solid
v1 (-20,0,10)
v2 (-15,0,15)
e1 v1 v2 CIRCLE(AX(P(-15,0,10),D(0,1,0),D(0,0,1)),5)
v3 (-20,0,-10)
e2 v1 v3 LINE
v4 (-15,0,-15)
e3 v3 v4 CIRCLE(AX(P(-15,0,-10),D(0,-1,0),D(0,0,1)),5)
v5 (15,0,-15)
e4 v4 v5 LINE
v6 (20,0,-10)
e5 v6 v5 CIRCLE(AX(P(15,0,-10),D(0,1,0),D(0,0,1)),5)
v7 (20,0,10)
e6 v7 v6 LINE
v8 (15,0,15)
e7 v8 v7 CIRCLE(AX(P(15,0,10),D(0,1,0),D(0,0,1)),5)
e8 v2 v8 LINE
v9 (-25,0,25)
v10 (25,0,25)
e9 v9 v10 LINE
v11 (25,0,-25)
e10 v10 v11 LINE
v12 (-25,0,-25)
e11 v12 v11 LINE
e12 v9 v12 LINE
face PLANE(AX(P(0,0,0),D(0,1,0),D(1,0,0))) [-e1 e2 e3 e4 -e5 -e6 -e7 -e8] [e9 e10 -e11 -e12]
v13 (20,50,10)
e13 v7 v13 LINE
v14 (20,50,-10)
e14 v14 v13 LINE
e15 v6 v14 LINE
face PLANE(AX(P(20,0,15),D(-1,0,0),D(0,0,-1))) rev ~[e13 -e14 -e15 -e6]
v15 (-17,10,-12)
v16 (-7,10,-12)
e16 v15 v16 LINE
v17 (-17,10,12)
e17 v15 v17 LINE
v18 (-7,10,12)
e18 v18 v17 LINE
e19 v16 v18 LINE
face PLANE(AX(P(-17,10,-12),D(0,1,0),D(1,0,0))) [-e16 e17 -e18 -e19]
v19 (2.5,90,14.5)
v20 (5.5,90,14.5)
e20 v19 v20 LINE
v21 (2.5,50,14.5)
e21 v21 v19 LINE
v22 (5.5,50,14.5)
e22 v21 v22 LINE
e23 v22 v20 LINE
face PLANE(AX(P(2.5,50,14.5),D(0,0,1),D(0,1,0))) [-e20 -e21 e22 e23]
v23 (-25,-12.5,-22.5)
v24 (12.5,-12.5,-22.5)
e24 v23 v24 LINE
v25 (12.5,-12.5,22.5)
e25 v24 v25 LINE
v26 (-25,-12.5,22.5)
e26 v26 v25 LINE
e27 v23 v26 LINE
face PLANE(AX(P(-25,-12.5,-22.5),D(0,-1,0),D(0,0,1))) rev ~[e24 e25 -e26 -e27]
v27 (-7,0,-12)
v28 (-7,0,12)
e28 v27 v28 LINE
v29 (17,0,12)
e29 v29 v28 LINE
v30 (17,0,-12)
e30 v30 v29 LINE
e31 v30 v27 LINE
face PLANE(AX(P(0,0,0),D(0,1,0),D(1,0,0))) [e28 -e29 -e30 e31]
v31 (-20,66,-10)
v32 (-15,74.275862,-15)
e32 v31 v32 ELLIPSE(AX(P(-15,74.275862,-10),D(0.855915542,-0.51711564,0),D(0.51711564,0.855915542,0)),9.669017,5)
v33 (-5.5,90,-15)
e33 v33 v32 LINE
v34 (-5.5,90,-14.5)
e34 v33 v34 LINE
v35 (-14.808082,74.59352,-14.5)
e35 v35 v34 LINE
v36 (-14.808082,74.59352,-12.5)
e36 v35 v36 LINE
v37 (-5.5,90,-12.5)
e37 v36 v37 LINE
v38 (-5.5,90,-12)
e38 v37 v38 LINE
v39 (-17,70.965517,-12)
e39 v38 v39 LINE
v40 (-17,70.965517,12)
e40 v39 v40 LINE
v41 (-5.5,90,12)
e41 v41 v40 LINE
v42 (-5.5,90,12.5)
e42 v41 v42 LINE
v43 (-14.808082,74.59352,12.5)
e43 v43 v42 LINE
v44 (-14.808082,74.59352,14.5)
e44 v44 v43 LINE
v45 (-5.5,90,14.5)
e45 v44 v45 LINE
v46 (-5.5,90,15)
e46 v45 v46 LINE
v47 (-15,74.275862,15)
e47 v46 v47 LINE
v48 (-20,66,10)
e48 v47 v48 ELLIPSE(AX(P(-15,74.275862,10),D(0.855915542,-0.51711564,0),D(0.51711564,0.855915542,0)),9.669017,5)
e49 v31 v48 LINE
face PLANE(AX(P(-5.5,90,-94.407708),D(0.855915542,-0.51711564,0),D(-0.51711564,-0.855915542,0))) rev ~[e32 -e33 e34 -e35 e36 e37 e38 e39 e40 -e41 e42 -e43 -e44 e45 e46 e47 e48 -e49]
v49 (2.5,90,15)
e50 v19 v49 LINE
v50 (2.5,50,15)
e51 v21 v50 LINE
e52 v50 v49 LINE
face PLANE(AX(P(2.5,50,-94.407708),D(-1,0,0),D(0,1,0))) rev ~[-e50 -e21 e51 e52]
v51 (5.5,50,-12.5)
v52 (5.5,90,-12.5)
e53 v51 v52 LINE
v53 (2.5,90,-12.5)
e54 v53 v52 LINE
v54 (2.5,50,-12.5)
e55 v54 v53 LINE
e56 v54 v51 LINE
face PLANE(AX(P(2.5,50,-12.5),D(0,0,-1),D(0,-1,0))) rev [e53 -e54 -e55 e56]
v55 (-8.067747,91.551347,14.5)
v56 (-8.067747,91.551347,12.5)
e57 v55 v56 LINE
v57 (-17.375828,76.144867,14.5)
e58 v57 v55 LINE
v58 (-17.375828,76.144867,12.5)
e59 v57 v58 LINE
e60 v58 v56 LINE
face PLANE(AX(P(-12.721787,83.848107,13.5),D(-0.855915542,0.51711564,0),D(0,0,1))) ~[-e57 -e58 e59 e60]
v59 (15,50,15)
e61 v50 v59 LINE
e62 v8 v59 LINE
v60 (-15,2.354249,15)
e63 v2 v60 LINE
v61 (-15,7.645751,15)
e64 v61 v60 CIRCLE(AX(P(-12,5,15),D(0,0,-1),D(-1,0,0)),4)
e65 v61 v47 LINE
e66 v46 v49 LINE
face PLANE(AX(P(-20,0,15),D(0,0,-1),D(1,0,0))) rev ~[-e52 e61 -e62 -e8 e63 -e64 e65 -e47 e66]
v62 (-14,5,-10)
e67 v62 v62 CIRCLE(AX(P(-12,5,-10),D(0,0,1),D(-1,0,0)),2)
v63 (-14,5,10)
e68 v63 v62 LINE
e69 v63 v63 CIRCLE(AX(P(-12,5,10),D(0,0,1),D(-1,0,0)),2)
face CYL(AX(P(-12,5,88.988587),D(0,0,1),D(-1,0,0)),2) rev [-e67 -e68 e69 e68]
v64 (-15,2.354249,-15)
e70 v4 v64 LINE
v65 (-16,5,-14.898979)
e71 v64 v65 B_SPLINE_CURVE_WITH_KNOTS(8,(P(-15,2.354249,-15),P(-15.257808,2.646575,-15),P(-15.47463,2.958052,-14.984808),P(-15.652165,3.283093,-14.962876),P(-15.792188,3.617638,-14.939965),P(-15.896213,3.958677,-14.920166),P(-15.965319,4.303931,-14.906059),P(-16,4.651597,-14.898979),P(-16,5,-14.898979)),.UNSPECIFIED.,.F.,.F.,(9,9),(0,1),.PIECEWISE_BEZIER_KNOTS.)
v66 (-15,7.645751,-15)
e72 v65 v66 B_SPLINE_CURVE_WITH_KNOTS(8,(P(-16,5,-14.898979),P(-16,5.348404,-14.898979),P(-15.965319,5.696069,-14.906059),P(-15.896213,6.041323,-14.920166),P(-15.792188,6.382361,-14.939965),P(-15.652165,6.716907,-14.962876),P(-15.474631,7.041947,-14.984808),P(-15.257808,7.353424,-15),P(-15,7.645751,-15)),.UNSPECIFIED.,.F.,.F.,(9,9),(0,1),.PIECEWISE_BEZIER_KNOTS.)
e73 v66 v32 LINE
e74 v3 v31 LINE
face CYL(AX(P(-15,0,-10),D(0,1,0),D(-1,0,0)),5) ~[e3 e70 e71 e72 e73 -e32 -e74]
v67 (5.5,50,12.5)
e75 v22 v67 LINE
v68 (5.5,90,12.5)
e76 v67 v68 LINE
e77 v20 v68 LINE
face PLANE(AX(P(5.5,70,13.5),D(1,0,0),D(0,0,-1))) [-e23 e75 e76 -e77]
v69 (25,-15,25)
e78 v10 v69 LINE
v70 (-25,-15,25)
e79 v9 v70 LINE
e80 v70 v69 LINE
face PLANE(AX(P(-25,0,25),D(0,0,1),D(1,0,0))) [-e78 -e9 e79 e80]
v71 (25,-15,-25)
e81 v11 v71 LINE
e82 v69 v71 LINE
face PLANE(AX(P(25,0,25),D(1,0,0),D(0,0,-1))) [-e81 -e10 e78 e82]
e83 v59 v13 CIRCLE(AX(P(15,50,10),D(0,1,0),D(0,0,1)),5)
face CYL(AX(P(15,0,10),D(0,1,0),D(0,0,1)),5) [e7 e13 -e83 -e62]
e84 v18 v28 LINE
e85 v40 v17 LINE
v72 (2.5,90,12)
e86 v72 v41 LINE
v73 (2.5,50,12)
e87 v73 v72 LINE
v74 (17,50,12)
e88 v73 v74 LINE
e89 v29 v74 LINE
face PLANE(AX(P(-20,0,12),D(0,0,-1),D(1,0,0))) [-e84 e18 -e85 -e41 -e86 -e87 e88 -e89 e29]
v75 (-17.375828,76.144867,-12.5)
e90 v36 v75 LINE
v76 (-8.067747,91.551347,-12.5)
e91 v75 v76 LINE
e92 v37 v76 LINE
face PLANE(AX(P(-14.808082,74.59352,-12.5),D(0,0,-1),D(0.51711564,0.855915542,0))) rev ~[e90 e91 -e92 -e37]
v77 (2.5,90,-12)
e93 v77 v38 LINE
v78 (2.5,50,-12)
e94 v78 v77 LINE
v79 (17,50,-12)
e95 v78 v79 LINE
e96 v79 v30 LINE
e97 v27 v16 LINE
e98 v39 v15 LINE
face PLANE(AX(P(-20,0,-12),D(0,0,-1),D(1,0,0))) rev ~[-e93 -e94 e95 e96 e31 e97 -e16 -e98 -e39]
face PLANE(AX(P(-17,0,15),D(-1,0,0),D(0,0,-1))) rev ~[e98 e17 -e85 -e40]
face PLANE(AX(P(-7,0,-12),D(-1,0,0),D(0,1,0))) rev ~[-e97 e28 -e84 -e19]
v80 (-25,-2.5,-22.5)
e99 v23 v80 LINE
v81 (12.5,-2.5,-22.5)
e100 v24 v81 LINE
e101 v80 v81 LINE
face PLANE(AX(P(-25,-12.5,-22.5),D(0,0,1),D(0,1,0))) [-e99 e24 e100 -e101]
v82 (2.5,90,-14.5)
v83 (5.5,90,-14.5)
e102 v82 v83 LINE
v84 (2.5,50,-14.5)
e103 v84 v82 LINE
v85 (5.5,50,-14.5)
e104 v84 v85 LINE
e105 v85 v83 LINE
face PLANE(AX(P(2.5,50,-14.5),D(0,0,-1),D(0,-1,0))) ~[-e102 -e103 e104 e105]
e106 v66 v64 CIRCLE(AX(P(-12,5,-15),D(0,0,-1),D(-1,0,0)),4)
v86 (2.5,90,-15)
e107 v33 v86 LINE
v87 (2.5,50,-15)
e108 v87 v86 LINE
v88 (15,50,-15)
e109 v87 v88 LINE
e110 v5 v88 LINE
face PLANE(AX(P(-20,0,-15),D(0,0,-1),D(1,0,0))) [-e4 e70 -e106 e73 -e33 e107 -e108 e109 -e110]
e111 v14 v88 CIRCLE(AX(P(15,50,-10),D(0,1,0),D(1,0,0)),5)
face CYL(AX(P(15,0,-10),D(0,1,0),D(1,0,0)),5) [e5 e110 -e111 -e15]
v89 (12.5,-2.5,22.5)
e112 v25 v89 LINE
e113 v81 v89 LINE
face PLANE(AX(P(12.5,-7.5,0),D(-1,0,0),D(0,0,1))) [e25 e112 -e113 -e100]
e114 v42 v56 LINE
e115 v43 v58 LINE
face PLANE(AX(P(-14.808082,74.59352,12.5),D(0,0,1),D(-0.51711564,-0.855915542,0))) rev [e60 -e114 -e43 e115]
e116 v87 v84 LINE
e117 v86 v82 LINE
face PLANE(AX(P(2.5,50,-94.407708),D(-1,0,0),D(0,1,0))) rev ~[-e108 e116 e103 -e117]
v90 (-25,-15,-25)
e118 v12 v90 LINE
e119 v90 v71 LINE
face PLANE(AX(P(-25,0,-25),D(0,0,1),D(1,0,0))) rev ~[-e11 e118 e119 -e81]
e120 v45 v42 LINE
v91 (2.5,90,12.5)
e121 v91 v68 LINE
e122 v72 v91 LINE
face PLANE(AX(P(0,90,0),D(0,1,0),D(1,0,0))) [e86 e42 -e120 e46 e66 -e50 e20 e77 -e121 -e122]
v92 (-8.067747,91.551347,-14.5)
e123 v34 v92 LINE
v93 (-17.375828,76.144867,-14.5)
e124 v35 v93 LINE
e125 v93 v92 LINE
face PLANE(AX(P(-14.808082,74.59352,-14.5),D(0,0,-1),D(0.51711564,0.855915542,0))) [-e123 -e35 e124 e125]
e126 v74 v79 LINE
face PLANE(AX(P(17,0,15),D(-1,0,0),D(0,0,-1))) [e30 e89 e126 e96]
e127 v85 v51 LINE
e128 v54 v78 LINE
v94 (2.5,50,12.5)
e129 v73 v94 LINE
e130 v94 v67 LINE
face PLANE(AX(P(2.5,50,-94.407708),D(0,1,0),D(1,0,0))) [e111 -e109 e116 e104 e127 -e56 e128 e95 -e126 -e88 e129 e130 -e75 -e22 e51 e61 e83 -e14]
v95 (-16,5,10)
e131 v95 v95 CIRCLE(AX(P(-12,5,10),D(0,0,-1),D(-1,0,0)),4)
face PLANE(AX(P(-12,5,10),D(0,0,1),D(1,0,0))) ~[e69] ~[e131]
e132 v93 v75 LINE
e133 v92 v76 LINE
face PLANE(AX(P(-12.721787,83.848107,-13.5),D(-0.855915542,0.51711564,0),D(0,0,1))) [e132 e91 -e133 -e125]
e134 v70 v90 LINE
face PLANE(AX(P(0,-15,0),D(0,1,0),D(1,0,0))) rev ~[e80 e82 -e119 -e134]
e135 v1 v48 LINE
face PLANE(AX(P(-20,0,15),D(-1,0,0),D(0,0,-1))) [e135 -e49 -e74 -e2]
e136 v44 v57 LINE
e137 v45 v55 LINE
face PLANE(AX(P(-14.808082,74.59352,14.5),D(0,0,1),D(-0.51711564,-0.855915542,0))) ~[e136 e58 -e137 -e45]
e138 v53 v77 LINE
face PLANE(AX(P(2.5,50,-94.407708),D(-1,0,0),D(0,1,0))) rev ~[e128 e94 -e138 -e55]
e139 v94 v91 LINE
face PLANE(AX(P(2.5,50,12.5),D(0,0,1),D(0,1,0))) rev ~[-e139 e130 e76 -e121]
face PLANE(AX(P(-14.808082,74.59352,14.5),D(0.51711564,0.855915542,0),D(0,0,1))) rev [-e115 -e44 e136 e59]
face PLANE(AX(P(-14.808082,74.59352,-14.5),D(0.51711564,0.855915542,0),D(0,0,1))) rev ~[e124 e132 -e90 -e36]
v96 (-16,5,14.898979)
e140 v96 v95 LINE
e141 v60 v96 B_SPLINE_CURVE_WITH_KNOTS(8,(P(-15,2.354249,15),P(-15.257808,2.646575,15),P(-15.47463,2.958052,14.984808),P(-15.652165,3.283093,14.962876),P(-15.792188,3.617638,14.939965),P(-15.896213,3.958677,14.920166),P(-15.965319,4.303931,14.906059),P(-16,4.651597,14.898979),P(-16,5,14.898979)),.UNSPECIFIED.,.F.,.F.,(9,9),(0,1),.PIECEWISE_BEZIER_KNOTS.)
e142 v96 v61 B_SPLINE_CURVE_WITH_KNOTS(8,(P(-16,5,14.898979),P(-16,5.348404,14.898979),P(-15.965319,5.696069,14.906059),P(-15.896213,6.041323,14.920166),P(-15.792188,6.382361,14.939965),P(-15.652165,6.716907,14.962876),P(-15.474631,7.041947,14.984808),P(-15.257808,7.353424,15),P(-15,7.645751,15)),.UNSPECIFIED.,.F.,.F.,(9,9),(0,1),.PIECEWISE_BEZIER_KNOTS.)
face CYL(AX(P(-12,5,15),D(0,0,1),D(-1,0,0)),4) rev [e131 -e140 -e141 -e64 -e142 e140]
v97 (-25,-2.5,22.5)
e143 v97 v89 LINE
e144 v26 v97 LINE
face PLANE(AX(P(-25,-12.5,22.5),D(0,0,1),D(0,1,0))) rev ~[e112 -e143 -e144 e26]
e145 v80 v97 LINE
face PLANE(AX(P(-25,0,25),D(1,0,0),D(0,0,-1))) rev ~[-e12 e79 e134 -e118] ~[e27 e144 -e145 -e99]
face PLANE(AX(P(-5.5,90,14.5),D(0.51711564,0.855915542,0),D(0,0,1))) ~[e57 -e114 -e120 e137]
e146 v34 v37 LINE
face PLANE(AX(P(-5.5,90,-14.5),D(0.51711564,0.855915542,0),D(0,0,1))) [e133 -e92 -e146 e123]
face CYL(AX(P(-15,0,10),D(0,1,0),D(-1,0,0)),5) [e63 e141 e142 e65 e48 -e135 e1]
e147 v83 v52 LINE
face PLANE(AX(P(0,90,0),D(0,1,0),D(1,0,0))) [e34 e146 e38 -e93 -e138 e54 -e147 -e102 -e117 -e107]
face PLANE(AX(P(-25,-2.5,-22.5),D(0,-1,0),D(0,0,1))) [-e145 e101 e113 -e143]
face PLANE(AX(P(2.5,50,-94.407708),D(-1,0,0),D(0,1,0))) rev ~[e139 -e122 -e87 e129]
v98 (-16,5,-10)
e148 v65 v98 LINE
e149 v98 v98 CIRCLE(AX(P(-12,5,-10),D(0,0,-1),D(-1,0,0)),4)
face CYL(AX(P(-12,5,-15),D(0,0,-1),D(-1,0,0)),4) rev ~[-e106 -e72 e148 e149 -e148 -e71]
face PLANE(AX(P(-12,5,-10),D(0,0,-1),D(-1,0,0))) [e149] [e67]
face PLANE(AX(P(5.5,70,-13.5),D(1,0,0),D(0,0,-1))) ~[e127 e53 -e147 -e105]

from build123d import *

# Parameters (mm, degrees)
SKETCH1_W               = 40
SKETCH1_H               = 30
BOSS_EXTRUDE1_DEPTH     = 90
SHELL1_T                = -3
FILLET1_R               = 5
CUT_EXTRUDE1_DEPTH      = 94.407708461
CUT_EXTRUDE1_DEPTH_BACK = 94.407708461
CUT_EXTRUDE2_DEPTH      = 94.407708461
CUT_EXTRUDE2_DEPTH_BACK = 94.407708461
SKETCH3_W               = 17.5
SKETCH3_H               = 40
SKETCH5_W               = 2
SKETCH5_H               = 40
BOSS_EXTRUDE2_DEPTH     = 3
SKETCH6_W               = 2
SKETCH6_H               = 18
BOSS_EXTRUDE3_DEPTH     = 3
SKETCH8_W               = 50
SKETCH8_H               = 50
BOSS_EXTRUDE4_DEPTH     = 15
SKETCH10_W              = 45
SKETCH10_H              = 10
CUT_EXTRUDE4_DEPTH      = 37.5
BOSS_EXTRUDE5_REACH     = 103.861
SKETCH15_W              = 10
SKETCH15_H              = 10
CUT_EXTRUDE8_DEPTH      = 103.988587343
CUT_EXTRUDE8_DEPTH_BACK = 103.988587343
SKETCH20_R              = 2
SKETCH21_R              = 4
CUT_EXTRUDE9_DEPTH      = 5


with BuildPart() as part:
    # Sketch1 → Boss-Extrude1 (new body)
    with BuildSketch(Plane(origin=(0, 0, 0), x_dir=(1, 0, 0), z_dir=(0, 1, 0))):
        Rectangle(SKETCH1_W, SKETCH1_H)
    extrude(amount=BOSS_EXTRUDE1_DEPTH)

    # Shell1
    shell1_openings = [part.faces().sort_by_distance(p)[0] for p in [
        (0, 90, 0),
        (0, 0, 0),
    ]]
    offset(amount=SHELL1_T, openings=shell1_openings, kind=Kind.INTERSECTION)

    # Fillet1
    fillet1_edges = [part.edges().sort_by_distance(p)[0] for p in [
        (20, 45, 15),
        (-20, 45, 15),
        (-20, 45, -15),
        (20, 45, -15),
    ]]
    fillet(fillet1_edges, radius=FILLET1_R)

    # Sketch2 → Cut-Extrude1 (cut, two sides: drawn at the far end of the back side and taken through both)
    with BuildSketch(Plane.XY.offset(-CUT_EXTRUDE1_DEPTH_BACK)):
        Polygon((-5.5, 90), (-20, 66), (-20, 90), align=None)
    extrude(amount=CUT_EXTRUDE1_DEPTH + CUT_EXTRUDE1_DEPTH_BACK, mode=Mode.SUBTRACT)

    # Sketch3 → Cut-Extrude2 (cut, two sides: drawn at the far end of the back side and taken through both)
    with BuildSketch(Plane.XY.offset(-CUT_EXTRUDE2_DEPTH_BACK)):
        with Locations((11.25, 70)):
            Rectangle(SKETCH3_W, SKETCH3_H)
    extrude(amount=CUT_EXTRUDE2_DEPTH + CUT_EXTRUDE2_DEPTH_BACK, mode=Mode.SUBTRACT)

    # Sketch5 → Boss-Extrude2 (add)
    with BuildSketch(Plane(origin=(2.5, 0, 0), x_dir=(0, 0, -1), z_dir=(1, 0, 0))):
        with Locations((-13.5, 70)):
            Rectangle(SKETCH5_W, SKETCH5_H)
    boss_extrude2 = extrude(amount=BOSS_EXTRUDE2_DEPTH)

    # Mirror1: Boss-Extrude2 across plane
    add(boss_extrude2.mirror(Plane.XY))

    # Sketch6 → Boss-Extrude3 (add)
    with BuildSketch(Plane(origin=(-43.86391097, 26.501112878, 0), x_dir=(0, 0, 1), z_dir=(-0.8559155419457907, 0.5171156399255815, 0))):
        with Locations((-13.5, 65.188262756)):
            Rectangle(SKETCH6_W, SKETCH6_H)
    boss_extrude3 = extrude(amount=BOSS_EXTRUDE3_DEPTH)

    # Mirror2: Boss-Extrude3 across plane
    add(boss_extrude3.mirror(Plane.XY))

    # Sketch8 → Boss-Extrude4 (add)
    with BuildSketch(Plane(origin=(0, 0, 0), x_dir=(1, 0, 0), z_dir=(0, 1, 0))):
        Rectangle(SKETCH8_W, SKETCH8_H)
    extrude(amount=-BOSS_EXTRUDE4_DEPTH)

    # Sketch10 → Cut-Extrude4 (cut)
    with BuildSketch(Plane.ZY.offset(25)):
        with Locations((0, -7.5)):
            Rectangle(SKETCH10_W, SKETCH10_H)
    extrude(amount=-CUT_EXTRUDE4_DEPTH, mode=Mode.SUBTRACT)

    # Sketch15 → Boss-Extrude5 (add, up to next)
    with BuildSketch(Plane.XY.offset(-12), mode=Mode.PRIVATE) as boss_extrude5_sk1:
        with Locations((-12, 5)):
            Rectangle(SKETCH15_W, SKETCH15_H)
    boss_extrude5_tool1 = extrude(boss_extrude5_sk1.sketch, amount=BOSS_EXTRUDE5_REACH, mode=Mode.PRIVATE) - part.part
    add(boss_extrude5_tool1.solids().sort_by_distance((-12, 5, -12))[0])

    # Sketch20 → Cut-Extrude8 (cut, two sides: drawn at the far end of the back side and taken through both)
    with BuildSketch(Plane(origin=(0, 0, -15), x_dir=(-1, 0, 0), z_dir=(0, 0, -1)).offset(-CUT_EXTRUDE8_DEPTH_BACK)):
        with Locations((12, 5)):
            Circle(SKETCH20_R)
    extrude(amount=CUT_EXTRUDE8_DEPTH + CUT_EXTRUDE8_DEPTH_BACK, mode=Mode.SUBTRACT)

    # Sketch21 → Cut-Extrude9 (cut)
    with BuildSketch(Plane(origin=(0, 0, -15), x_dir=(-1, 0, 0), z_dir=(0, 0, -1))):
        with Locations((12, 5)):
            Circle(SKETCH21_R)
    cut_extrude9 = extrude(amount=-CUT_EXTRUDE9_DEPTH, mode=Mode.SUBTRACT)

    # Mirror3: Cut-Extrude9 across plane
    add(cut_extrude9.mirror(Plane.XY), mode=Mode.SUBTRACT)


solid = part.part
